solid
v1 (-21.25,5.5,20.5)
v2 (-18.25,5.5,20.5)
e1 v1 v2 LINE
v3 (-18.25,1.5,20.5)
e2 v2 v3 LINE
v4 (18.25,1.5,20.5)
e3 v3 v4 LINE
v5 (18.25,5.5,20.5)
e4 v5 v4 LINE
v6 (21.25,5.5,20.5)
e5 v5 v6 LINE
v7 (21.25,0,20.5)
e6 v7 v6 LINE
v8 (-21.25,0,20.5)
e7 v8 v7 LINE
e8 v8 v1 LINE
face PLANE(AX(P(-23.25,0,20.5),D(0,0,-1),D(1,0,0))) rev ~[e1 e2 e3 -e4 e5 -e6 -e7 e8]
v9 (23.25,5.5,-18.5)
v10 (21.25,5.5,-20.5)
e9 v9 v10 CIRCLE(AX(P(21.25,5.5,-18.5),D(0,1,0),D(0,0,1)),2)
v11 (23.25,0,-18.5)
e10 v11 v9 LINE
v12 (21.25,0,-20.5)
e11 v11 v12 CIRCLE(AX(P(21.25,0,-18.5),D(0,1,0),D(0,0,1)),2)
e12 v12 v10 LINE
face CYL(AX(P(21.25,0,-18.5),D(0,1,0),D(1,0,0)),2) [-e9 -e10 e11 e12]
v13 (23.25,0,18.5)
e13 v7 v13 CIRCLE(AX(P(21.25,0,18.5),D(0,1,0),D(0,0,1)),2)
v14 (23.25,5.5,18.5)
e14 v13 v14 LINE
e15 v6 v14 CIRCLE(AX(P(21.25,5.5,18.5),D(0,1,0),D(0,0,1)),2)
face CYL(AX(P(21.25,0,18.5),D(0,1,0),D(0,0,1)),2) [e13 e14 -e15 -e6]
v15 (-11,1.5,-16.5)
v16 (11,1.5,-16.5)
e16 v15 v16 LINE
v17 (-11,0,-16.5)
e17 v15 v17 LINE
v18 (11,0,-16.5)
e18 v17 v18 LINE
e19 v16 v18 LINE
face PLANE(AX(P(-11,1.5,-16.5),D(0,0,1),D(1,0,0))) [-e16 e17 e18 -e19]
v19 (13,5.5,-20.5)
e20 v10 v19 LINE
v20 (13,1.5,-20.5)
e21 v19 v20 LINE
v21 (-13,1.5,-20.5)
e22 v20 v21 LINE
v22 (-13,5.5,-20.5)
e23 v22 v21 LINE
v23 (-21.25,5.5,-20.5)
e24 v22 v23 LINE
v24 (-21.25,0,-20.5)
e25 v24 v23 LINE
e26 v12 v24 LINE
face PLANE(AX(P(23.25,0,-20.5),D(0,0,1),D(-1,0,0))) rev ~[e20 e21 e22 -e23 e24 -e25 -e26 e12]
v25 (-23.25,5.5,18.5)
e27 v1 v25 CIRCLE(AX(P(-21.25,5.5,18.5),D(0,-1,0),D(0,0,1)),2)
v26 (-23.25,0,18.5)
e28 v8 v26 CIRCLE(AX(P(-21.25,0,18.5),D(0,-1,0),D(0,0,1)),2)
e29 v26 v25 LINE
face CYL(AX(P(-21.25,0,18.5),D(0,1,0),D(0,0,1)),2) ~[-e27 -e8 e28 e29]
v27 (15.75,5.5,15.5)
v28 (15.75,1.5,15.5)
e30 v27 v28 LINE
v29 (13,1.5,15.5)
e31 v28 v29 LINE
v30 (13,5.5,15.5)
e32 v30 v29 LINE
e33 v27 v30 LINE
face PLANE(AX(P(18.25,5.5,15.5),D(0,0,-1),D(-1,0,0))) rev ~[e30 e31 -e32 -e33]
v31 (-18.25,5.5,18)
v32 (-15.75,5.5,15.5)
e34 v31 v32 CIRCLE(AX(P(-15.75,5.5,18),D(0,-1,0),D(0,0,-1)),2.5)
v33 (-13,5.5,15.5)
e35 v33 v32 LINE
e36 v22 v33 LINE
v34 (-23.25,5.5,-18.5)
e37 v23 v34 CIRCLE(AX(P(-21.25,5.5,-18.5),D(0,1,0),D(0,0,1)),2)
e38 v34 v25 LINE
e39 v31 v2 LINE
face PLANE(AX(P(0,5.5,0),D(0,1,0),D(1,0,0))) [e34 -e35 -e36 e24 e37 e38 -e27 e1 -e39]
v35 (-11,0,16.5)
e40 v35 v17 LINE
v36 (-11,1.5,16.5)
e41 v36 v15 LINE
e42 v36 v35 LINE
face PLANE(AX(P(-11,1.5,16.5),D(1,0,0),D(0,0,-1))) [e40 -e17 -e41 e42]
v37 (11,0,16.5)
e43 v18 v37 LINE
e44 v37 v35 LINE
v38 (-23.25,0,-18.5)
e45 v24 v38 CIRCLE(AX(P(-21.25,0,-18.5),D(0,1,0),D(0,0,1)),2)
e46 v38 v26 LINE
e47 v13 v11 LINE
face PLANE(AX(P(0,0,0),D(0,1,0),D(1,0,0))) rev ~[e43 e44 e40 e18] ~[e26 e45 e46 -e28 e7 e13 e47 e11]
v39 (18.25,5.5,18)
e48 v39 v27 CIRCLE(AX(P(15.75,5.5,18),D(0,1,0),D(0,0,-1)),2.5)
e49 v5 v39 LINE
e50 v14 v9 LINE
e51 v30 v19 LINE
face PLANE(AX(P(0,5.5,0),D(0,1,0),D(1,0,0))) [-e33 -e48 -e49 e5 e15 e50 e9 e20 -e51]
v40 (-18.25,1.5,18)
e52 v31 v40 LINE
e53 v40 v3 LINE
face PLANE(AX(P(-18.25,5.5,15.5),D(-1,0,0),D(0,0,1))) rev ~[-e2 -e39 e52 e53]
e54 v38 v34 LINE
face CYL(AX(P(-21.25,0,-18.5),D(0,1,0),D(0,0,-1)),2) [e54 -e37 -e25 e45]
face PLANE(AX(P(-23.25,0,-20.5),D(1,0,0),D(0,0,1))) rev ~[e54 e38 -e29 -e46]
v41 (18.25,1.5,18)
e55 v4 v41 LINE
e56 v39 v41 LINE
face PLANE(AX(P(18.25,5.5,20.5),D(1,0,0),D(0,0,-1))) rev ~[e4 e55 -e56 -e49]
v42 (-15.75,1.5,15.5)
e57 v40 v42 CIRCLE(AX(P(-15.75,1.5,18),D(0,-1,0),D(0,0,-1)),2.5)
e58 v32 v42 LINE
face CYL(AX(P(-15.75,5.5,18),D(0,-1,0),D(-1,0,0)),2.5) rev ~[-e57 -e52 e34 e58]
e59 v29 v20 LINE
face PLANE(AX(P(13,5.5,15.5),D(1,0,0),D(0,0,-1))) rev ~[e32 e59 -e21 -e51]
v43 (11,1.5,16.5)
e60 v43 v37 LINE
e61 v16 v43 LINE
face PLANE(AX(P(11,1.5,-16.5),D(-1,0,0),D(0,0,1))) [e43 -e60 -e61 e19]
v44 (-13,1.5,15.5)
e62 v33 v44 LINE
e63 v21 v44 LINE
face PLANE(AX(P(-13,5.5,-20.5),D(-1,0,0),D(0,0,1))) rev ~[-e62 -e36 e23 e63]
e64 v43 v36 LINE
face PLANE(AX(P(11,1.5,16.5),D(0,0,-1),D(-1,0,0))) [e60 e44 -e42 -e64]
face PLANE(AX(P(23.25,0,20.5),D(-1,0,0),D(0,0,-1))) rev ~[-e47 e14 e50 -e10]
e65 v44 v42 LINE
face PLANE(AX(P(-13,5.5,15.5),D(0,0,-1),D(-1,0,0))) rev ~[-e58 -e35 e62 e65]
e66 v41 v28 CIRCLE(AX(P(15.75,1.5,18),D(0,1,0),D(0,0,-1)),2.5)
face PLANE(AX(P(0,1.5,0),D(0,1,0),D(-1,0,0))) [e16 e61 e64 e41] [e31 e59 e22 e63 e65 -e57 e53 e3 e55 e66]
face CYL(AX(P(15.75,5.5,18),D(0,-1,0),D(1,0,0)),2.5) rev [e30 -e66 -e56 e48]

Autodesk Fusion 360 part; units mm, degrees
sketch "Sketch1" plane through (0, 0, 0) normal (0, 1, 0) x (1, 0, 0)
  line L0 (23.25, 20.5) -> (-23.25, 20.5)
  line L1 (-23.25, 20.5) -> (-23.25, -20.5)
  line L2 (-23.25, -20.5) -> (23.25, -20.5)
  line L3 (23.25, -20.5) -> (23.25, 20.5)
  line L4 (23.25, 20.5) -> (-23.25, -20.5) construction
  line L5 (-23.25, 20.5) -> (23.25, -20.5) construction
  dimension "d1" = 46.5
  dimension "d2" = 41
extrude "Extrude1" add sketch "Sketch1" along normal blind 5.5
sketch "Sketch2" plane through (0, 5.5, 0) normal (0, 1, 0) x (-1, 0, 0)
  line L0 (-23.25, 20.5) -> (-23.25, -20.5)
  line L1 (-23.25, -20.5) -> (23.25, -20.5)
  line L2 (23.25, -20.5) -> (23.25, 20.5)
  line L3 (23.25, 20.5) -> (-23.25, 20.5)
  line L4 (-13, -20.5) -> (13, -20.5)
  line L5 (13, -20.5) -> (13, 20.5)
  line L6 (13, 20.5) -> (-13, 20.5)
  line L7 (-13, 20.5) -> (-13, -20.5)
  line L8 (-13, -20.5) -> (13, 20.5) construction
  line L9 (13, -20.5) -> (-13, 20.5) construction
  line L10 (18.25, 20.5) -> (-18.25, 20.5)
  line L11 (-18.25, 20.5) -> (-18.25, 15.5)
  line L12 (-18.25, 15.5) -> (18.25, 15.5)
  line L13 (18.25, 15.5) -> (18.25, 20.5)
  dimension "d5" = 26
  dimension "d6" = 5
  dimension "d7" = 5
  dimension "d8" = 5
extrude "Extrude2" cut sketch "Sketch2" against normal blind 4 contours L3 L7 L10 L11 L12 | L1 L4 L5 L7 L12 | L3 L5 L6 L7 L10 L12 | L3 L5 L10 L12 L13
fillet "Fillet1" radius 2.5 1 edges at (-18.25, 3.5, 15.5)
fillet "Fillet1" radius 2.5 1 edges at (18.25, 3.5, 15.5)
sketch "Sketch3" plane through (0, 1.5, 0) normal (0, 1, 0) x (-1, 0, 0)
  arc A0 (-18.25, 18) -> (-15.75, 15.5) centre (-15.75, 18) ccw
  line L0 (-15.75, 15.5) -> (-13, 15.5)
  line L1 (-13, 15.5) -> (-13, -20.5)
  line L2 (-13, -20.5) -> (13, -20.5)
  line L3 (13, -20.5) -> (13, 15.5)
  line L4 (13, 15.5) -> (15.75, 15.5)
  arc A1 (15.75, 15.5) -> (18.25, 18) centre (15.75, 18) ccw
  line L5 (18.25, 18) -> (18.25, 20.5)
  line L6 (18.25, 20.5) -> (-18.25, 20.5)
  line L7 (-18.25, 20.5) -> (-18.25, 18)
  line L8 (11, -16.5) -> (-11, -16.5)
  line L9 (-11, -16.5) -> (-11, 16.5)
  line L10 (-11, 16.5) -> (11, 16.5)
  line L11 (11, 16.5) -> (11, -16.5)
  dimension "d15" = 2
  dimension "d16" = 2
  dimension "d17" = 4
  dimension "d18" = 4
extrude "Extrude3" cut sketch "Sketch3" against normal blind 2 contours L8 L9 L10 L11
fillet "Fillet2" radius 2 1 edges at (-23.25, 2.75, 20.5)
fillet "Fillet2" radius 2 1 edges at (23.25, 2.75, 20.5)
fillet "Fillet2" radius 2 1 edges at (23.25, 2.75, -20.5)
fillet "Fillet2" radius 2 1 edges at (-23.25, 2.75, -20.5)
